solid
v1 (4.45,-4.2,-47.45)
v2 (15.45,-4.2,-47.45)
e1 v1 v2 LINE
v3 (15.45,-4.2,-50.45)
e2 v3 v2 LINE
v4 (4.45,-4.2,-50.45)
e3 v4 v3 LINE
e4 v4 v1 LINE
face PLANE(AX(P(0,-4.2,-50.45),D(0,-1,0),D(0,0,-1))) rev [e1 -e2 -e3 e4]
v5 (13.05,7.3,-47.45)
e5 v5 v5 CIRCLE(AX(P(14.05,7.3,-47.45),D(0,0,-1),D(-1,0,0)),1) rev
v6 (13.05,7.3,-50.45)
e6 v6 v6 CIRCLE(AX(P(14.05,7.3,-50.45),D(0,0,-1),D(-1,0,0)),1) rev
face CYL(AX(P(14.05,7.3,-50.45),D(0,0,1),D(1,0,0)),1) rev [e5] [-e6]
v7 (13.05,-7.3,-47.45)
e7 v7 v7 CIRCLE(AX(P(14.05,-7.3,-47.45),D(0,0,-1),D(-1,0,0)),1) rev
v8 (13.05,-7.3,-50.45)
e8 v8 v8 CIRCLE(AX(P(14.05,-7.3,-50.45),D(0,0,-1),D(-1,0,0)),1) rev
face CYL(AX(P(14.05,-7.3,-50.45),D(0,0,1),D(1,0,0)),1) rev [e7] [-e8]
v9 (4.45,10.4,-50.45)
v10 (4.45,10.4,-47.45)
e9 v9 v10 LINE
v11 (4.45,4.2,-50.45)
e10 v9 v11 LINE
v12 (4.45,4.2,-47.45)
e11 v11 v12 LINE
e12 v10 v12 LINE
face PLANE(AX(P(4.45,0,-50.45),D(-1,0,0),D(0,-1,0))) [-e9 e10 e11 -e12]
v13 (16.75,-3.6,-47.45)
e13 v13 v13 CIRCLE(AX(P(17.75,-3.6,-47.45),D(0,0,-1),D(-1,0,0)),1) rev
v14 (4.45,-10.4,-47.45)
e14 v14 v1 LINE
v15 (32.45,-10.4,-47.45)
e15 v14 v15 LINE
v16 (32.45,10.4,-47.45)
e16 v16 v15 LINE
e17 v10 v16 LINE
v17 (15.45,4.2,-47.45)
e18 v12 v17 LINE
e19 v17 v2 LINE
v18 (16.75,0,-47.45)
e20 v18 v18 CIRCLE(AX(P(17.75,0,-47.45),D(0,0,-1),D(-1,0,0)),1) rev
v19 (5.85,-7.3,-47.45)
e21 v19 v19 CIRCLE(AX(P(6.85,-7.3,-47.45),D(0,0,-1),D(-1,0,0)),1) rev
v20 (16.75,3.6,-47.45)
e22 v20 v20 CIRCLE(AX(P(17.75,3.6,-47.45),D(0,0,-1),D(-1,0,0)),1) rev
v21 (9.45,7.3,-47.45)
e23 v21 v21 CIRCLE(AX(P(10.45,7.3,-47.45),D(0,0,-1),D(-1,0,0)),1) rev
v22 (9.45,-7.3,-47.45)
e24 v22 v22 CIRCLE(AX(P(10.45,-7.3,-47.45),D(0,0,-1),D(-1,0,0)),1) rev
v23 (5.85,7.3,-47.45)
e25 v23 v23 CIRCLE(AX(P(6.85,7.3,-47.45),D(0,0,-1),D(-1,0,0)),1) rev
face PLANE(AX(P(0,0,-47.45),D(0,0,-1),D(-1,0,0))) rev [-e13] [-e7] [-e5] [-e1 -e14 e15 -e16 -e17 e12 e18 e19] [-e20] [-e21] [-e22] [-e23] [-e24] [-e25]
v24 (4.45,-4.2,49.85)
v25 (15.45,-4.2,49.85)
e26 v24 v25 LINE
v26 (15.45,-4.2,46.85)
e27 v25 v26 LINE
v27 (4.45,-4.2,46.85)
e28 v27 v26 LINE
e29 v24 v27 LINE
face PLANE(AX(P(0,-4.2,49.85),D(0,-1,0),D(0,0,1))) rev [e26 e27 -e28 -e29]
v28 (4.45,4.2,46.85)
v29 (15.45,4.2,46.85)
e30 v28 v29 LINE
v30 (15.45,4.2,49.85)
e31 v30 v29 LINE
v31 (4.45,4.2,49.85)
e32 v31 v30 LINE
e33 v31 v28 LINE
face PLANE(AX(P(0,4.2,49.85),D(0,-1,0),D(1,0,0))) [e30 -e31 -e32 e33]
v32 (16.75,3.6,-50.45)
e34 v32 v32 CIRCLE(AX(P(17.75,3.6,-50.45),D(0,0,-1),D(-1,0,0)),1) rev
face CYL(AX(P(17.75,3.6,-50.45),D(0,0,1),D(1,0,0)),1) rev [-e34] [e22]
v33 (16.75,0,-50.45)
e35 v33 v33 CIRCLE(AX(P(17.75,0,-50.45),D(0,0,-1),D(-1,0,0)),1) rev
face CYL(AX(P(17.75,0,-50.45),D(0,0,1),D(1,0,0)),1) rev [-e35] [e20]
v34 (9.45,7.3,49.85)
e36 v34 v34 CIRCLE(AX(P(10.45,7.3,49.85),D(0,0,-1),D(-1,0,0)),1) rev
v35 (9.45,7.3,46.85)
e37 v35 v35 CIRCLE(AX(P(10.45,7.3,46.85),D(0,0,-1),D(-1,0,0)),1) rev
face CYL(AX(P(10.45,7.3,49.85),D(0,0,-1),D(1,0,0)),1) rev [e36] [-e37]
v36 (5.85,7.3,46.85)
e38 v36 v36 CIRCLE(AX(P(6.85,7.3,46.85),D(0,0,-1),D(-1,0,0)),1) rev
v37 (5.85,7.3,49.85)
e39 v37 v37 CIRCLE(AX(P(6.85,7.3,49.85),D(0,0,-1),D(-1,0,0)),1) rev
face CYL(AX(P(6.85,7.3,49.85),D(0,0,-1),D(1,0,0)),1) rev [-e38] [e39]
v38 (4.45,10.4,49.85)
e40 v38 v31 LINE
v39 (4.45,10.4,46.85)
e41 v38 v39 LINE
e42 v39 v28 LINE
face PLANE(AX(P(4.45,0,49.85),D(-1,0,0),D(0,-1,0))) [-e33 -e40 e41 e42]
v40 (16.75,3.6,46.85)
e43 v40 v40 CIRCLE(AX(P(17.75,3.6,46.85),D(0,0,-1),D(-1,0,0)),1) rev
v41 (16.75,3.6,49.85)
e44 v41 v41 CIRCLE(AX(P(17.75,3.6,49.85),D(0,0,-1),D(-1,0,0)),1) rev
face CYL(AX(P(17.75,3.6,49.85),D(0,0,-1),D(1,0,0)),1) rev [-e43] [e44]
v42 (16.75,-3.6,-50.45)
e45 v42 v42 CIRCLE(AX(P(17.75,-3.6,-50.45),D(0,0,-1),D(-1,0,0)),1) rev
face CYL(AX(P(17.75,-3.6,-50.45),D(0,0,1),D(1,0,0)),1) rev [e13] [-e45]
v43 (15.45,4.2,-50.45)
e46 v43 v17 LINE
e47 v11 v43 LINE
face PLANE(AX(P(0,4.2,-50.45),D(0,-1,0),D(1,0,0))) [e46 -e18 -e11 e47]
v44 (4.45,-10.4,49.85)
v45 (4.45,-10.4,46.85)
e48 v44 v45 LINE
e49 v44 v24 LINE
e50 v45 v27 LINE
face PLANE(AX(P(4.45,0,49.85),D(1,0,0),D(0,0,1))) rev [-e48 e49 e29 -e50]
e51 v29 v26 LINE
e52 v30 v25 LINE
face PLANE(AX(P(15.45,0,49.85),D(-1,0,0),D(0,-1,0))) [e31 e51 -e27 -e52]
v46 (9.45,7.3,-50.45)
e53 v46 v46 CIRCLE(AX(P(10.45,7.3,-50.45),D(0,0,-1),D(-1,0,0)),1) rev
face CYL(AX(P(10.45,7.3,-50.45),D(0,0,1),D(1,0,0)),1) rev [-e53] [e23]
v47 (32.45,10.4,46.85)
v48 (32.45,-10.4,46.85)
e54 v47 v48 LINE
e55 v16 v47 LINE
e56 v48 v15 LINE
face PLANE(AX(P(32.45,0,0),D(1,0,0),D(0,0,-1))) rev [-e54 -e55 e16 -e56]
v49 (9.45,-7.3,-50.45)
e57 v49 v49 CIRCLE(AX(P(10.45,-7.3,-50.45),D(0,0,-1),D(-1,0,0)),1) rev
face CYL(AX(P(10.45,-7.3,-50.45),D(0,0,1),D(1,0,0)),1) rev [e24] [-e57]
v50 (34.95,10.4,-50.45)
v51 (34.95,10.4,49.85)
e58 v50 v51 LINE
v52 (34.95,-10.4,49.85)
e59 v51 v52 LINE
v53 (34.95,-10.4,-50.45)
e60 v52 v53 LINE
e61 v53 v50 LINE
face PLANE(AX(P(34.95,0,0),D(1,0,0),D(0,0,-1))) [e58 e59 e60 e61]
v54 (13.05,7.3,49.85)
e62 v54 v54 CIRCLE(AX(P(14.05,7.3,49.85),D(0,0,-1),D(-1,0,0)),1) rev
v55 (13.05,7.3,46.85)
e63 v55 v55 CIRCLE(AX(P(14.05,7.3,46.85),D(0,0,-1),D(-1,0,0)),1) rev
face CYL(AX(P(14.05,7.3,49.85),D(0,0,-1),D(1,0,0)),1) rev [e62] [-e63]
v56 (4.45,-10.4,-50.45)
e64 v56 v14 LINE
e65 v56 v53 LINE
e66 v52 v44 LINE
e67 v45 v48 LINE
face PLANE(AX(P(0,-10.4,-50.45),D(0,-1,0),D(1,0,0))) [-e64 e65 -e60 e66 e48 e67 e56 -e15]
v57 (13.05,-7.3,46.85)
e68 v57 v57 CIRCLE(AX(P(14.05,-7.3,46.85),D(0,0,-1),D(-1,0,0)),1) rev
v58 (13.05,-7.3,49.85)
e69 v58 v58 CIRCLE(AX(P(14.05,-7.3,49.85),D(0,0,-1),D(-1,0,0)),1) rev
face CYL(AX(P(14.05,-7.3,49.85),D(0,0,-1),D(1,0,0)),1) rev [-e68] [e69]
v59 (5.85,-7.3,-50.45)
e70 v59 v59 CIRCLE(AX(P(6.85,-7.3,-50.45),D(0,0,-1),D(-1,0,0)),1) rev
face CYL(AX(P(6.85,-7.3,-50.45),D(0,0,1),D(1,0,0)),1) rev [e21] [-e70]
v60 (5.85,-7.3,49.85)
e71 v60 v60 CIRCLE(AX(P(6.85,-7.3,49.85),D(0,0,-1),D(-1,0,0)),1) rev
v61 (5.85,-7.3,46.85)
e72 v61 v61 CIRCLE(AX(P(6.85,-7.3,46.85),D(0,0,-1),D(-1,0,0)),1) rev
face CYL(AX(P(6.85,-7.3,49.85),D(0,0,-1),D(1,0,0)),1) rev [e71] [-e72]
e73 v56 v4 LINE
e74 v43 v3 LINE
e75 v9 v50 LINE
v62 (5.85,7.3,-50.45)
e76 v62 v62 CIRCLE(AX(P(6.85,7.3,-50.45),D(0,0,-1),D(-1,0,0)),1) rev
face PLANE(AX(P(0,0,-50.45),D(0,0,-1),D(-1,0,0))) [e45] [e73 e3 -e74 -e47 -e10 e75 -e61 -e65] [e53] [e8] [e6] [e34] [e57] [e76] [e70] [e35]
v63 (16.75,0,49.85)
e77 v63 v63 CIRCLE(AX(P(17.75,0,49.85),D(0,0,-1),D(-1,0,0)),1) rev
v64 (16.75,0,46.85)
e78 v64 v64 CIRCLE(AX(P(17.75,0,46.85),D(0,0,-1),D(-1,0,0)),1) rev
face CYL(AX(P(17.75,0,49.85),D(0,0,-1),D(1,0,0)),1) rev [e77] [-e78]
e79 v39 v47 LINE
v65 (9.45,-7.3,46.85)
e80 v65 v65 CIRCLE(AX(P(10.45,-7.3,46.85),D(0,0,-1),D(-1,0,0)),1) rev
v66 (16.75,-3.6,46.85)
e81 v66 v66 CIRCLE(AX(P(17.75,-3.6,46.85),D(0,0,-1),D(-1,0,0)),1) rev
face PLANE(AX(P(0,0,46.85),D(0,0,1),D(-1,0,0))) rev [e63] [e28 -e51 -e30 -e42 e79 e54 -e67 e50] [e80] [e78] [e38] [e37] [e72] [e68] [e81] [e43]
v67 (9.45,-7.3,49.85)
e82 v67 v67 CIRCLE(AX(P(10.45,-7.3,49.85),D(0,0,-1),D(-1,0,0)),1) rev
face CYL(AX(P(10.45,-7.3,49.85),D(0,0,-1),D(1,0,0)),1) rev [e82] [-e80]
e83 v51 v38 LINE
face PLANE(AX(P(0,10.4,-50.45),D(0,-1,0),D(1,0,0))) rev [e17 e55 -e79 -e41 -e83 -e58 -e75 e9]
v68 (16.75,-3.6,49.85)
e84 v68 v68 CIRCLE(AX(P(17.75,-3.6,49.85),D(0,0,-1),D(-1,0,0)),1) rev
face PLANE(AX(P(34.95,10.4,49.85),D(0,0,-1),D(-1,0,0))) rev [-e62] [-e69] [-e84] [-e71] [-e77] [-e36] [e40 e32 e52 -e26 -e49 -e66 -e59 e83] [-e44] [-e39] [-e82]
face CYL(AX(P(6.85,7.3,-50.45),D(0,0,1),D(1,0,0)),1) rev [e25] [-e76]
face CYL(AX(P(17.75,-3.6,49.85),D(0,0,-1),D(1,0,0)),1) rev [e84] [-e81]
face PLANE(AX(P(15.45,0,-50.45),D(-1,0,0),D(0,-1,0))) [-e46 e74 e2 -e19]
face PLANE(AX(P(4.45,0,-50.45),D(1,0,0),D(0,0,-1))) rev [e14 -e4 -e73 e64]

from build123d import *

# Parameters (mm, degrees)
SKETCH_3_R      = 1
EXTRUDE_2_DEPTH = 3
SKETCH_5_W      = 100.3
SKETCH_5_H      = 20.8
EXTRUDE_4_DEPTH = 2.5


with BuildPart() as part:
    # 스케치3 → 보스-돌출2 (new body)
    with BuildSketch(Plane(origin=(0, 0, -47.45), x_dir=(-1, 0, 0), z_dir=(0, 0, -1))):
        with BuildLine():
            ThreePointArc((-20.85, 0), (-17.803910524, 7.353910524), (-10.45, 10.4))
            Line((-10.45, 10.4), (-20.85, 10.4))
            Line((-20.85, 10.4), (-32.45, 10.4))
            Line((-32.45, 10.4), (-32.45, 0))
            Line((-32.45, 0), (-20.85, 0))
        make_face()
        with BuildLine():
            Line((-20.85, -10.4), (-10.45, -10.4))
            ThreePointArc((-10.45, -10.4), (-17.803910524, -7.353910524), (-20.85, 0))
            Line((-20.85, 0), (-32.45, 0))
            Line((-32.45, 0), (-32.45, -10.4))
            Line((-32.45, -10.4), (-20.85, -10.4))
        make_face()
        with BuildLine():
            Line((-16.75, 0), (-15.45, 0))
            Line((-15.45, 0), (-15.45, 4.2))
            Line((-15.45, 4.2), (-4.45, 4.2))
            Line((-4.45, 4.2), (-4.45, 8.494704233))
            ThreePointArc((-4.45, 8.494704233), (-7.302375818, 9.912237992), (-10.45, 10.4))
            ThreePointArc((-10.45, 10.4), (-17.803910524, 7.353910524), (-20.85, 0))
            Line((-20.85, 0), (-18.75, 0))
            ThreePointArc((-18.75, 0), (-17.75, 1), (-16.75, 0))
        make_face()
        with Locations((-17.75, 3.6)):
            Circle(SKETCH_3_R, mode=Mode.SUBTRACT)
        with Locations((-14.05, 7.3)):
            Circle(SKETCH_3_R, mode=Mode.SUBTRACT)
        with Locations((-10.45, 7.3)):
            Circle(SKETCH_3_R, mode=Mode.SUBTRACT)
        with Locations((-6.85, 7.3)):
            Circle(SKETCH_3_R, mode=Mode.SUBTRACT)
        with BuildLine():
            Line((-15.45, -4.2), (-15.45, 0))
            Line((-15.45, 0), (-16.75, 0))
            ThreePointArc((-16.75, 0), (-17.75, -1), (-18.75, 0))
            Line((-18.75, 0), (-20.85, 0))
            ThreePointArc((-20.85, 0), (-17.803910524, -7.353910524), (-10.45, -10.4))
            ThreePointArc((-10.45, -10.4), (-7.302375818, -9.912237992), (-4.45, -8.494704233))
            Line((-4.45, -8.494704233), (-4.45, -4.2))
            Line((-4.45, -4.2), (-15.45, -4.2))
        make_face()
        with Locations((-17.75, -3.6)):
            Circle(SKETCH_3_R, mode=Mode.SUBTRACT)
        with Locations((-14.05, -7.3)):
            Circle(SKETCH_3_R, mode=Mode.SUBTRACT)
        with Locations((-10.45, -7.3)):
            Circle(SKETCH_3_R, mode=Mode.SUBTRACT)
        with Locations((-6.85, -7.3)):
            Circle(SKETCH_3_R, mode=Mode.SUBTRACT)
        with BuildLine():
            ThreePointArc((-10.45, 10.4), (-7.302375818, 9.912237992), (-4.45, 8.494704233))
            Line((-4.45, 8.494704233), (-4.45, 10.4))
            Line((-4.45, 10.4), (-10.45, 10.4))
        make_face()
        with BuildLine():
            Line((-4.45, -10.4), (-4.45, -8.494704233))
            ThreePointArc((-4.45, -8.494704233), (-7.302375818, -9.912237992), (-10.45, -10.4))
            Line((-10.45, -10.4), (-4.45, -10.4))
        make_face()
    extrude(amount=EXTRUDE_2_DEPTH)


with BuildPart() as body_2:
    # 대칭 복사7: mirrored copy
    add(part.part.mirror(Plane(origin=(0, 0, -0.3), x_dir=(1, 0, 0), z_dir=(0, 0, -1))))


with BuildPart() as part_1:
    add(part.part)

    add(body_2.part)  # 보스-돌출4 merges body 2
    # 스케치5 → 보스-돌출4 (add)
    with BuildSketch(Plane(origin=(32.45, 0, 0), x_dir=(0, 0, -1), z_dir=(1, 0, 0))):
        with Locations((0.3, 0)):
            Rectangle(SKETCH_5_W, SKETCH_5_H)
    extrude(amount=EXTRUDE_4_DEPTH)


solid = part_1.part
